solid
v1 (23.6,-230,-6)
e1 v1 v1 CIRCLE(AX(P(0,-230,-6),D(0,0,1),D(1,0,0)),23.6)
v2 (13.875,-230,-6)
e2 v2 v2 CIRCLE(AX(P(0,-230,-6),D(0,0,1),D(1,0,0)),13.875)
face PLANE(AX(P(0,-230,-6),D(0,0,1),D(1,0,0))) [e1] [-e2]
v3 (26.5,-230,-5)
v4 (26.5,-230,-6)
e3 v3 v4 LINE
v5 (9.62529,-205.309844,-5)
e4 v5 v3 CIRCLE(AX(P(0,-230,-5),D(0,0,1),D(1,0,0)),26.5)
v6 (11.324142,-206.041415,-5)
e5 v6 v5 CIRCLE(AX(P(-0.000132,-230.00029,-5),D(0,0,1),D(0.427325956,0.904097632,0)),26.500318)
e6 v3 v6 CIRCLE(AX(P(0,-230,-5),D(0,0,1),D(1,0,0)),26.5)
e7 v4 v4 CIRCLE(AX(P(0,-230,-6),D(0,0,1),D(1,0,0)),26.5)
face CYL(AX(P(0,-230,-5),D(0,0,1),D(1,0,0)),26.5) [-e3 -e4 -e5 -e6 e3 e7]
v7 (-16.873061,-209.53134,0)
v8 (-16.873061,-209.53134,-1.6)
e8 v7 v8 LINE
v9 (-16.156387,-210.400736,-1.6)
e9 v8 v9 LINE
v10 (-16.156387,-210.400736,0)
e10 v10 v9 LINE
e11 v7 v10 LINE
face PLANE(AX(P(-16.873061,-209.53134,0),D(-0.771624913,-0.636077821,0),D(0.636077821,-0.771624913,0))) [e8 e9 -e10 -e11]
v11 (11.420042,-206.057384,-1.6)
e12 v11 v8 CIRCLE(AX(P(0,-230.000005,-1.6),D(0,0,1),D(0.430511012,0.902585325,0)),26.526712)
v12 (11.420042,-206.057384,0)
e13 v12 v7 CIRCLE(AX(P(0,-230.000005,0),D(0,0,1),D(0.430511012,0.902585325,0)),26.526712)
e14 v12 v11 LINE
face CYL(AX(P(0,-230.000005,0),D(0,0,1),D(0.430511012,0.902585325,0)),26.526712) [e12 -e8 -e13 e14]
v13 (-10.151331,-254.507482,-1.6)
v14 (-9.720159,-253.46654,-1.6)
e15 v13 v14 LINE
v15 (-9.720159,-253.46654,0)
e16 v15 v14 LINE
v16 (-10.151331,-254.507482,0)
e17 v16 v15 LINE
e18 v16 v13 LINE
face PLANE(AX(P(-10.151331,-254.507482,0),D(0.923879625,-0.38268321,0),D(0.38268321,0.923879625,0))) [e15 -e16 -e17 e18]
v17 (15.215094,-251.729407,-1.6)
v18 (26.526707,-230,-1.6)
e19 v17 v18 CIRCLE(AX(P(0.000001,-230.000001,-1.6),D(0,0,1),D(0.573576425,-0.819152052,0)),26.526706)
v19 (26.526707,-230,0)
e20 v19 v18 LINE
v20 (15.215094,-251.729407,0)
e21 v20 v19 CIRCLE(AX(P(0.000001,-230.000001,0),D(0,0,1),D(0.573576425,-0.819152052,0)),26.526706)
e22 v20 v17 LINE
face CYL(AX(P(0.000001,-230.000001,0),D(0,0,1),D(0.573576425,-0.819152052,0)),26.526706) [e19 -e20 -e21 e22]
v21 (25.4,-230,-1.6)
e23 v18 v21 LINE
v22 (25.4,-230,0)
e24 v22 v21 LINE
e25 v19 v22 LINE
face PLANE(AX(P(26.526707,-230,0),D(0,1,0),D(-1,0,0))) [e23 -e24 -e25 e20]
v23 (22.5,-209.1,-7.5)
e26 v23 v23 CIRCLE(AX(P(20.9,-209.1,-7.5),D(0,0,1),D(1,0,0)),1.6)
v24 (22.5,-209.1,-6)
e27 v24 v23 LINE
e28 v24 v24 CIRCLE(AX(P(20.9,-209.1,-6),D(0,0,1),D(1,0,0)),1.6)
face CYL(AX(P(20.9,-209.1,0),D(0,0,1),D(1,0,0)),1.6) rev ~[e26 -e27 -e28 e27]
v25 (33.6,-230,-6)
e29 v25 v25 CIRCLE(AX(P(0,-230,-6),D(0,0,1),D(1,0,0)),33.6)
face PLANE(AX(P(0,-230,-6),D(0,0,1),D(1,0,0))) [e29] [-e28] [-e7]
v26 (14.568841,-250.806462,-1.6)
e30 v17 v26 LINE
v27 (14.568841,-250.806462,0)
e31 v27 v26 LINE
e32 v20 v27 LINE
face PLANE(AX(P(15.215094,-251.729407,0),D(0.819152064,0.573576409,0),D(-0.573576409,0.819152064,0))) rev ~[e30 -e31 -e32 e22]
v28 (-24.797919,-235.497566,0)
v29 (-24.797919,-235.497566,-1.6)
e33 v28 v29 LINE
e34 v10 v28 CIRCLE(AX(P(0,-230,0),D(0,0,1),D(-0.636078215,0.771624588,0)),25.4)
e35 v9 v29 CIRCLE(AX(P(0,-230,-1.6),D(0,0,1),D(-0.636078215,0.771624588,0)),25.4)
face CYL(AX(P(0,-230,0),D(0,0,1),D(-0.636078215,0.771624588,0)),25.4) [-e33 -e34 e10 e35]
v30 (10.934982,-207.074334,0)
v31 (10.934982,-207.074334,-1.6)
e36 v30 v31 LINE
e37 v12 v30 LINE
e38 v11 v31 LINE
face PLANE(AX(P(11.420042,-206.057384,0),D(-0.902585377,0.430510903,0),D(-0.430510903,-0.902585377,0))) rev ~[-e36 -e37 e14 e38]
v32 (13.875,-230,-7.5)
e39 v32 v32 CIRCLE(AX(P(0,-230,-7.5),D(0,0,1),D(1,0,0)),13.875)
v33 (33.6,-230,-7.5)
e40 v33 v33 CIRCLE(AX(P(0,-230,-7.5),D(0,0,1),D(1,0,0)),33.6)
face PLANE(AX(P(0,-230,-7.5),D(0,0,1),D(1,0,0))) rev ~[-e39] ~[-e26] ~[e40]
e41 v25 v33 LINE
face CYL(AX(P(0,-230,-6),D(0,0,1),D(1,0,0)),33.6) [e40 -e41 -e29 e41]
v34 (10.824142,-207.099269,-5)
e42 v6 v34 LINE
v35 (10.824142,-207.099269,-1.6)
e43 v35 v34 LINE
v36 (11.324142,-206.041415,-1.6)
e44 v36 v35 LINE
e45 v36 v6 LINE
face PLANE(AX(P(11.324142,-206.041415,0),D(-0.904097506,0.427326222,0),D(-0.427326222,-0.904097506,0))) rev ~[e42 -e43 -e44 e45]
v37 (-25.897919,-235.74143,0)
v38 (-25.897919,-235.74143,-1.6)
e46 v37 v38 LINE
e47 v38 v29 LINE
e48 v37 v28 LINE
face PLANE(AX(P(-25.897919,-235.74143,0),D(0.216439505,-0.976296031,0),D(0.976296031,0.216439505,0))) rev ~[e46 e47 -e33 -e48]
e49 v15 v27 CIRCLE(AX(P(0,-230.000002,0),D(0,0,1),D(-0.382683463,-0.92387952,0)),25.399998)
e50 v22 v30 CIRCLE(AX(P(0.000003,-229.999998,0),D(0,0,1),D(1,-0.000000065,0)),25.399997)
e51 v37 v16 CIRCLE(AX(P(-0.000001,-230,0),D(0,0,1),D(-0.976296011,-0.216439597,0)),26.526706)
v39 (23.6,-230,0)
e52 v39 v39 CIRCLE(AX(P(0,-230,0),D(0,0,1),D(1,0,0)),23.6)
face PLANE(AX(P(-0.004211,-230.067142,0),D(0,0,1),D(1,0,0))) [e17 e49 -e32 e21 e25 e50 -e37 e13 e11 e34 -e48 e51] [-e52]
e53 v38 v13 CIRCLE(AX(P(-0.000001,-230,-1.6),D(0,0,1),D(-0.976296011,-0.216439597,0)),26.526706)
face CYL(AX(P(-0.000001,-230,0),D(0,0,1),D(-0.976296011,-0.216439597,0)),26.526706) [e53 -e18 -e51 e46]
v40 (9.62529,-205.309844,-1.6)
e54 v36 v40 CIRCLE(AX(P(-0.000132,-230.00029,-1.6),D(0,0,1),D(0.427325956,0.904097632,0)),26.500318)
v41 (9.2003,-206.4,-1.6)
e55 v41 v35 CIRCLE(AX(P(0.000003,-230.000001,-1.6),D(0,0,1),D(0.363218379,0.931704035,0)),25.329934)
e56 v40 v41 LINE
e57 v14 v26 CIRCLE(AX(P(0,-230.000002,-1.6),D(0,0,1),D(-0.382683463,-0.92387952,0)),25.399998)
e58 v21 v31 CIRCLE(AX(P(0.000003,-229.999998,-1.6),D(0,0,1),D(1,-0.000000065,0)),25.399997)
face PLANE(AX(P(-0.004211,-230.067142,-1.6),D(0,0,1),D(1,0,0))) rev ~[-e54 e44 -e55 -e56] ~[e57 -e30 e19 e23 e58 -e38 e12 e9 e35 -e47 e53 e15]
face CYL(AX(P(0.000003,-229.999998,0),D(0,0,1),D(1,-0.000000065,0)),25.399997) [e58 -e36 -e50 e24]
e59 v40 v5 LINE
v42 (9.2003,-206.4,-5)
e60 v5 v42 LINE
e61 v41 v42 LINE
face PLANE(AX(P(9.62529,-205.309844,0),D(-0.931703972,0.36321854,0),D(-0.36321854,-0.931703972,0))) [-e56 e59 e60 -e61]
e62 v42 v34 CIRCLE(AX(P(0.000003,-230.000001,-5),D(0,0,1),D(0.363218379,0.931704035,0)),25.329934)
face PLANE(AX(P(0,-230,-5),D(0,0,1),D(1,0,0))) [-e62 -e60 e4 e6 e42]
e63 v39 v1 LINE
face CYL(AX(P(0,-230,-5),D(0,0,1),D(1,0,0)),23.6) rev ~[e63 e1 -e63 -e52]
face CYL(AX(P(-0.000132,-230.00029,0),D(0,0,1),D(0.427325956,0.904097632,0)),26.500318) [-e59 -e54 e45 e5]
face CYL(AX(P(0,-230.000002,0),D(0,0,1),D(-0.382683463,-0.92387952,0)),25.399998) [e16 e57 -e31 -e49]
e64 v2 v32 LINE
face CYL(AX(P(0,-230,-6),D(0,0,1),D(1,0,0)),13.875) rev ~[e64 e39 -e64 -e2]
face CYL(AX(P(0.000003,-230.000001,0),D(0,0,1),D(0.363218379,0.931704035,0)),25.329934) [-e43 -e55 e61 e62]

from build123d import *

# Parameters (mm, degrees)
SKETCH048_R          = 23.6
PAD003_DEPTH         = 1.6
SKETCH049_R          = 23.6
PAD004_DEPTH         = 5
SKETCH050_R          = 26.5
SKETCH050_R_2        = 23.6
PAD005_DEPTH         = 1
SKETCH051_R          = 33.6
SKETCH051_R_2        = 13.875
PAD006_DEPTH         = 1.5
SKETCH052_R          = 1.6
POCKET001_DEPTH      = 7.501
POCKET001_DEPTH_BACK = 0.001


with BuildPart() as part:
    # Sketch048 → Pad003 (new body)
    with BuildSketch(Plane.XY):
        with BuildLine():
            ThreePointArc((11.420042, 23.942616), (-3.232792, 26.328981), (-16.873061, 20.46866))
            Line((-16.873061, 20.46866), (-16.156387, 19.599264))
            ThreePointArc((-16.156387, 19.599264), (-24.016172, 8.269431), (-24.797919, -5.497566))
            Line((-25.897919, -5.74143), (-24.797919, -5.497566))
            ThreePointArc((-25.897919, -5.74143), (-20.320637, -17.051039), (-10.151331, -24.507482))
            Line((-10.151331, -24.507482), (-9.720159, -23.46654))
            ThreePointArc((-9.720159, -23.46654), (2.765219, -25.249031), (14.568841, -20.806462))
            Line((15.215094, -21.729407), (14.568841, -20.806462))
            ThreePointArc((15.215094, -21.729407), (23.529477, -12.24867), (26.526707, 0))
            Line((26.526707, 0), (25.4, 0))
            ThreePointArc((25.4, 0), (21.481487, 13.553809), (10.934982, 22.925666))
            Line((11.420042, 23.942616), (10.934982, 22.925666))
        make_face()
        Circle(SKETCH048_R, mode=Mode.SUBTRACT)
    extrude(amount=-PAD003_DEPTH)

    # Sketch049 → Pad004 (join)
    with BuildSketch(Plane.XY):
        with BuildLine():
            ThreePointArc((11.324142, 23.958585), (10.481101, 24.339197), (9.62529, 24.690156))
            Line((9.62529, 24.690156), (9.2003, 23.6))
            ThreePointArc((9.2003, 23.6), (-10.018324, -23.264538), (10.824142, 22.900731))
            Line((11.324142, 23.958585), (10.824142, 22.900731))
        make_face()
        Circle(SKETCH049_R, mode=Mode.SUBTRACT)
    extrude(amount=-PAD004_DEPTH)

    # Sketch050 (on DatumPlane) → Pad005 (join)
    with BuildSketch(Plane.XY.offset(-5)):
        Circle(SKETCH050_R)
        Circle(SKETCH050_R_2, mode=Mode.SUBTRACT)
    extrude(amount=-PAD005_DEPTH)

    # Sketch051 (on DatumPlane) → Pad006 (join)
    with BuildSketch(Plane.XY.offset(-6)):
        Circle(SKETCH051_R)
        Circle(SKETCH051_R_2, mode=Mode.SUBTRACT)
    extrude(amount=-PAD006_DEPTH)

    # Sketch052 → Pocket001 (cut, two sides)
    with BuildSketch(Plane.XY) as pocket001_sk:
        with Locations((20.9, 20.9)):
            Circle(SKETCH052_R)
    extrude(amount=-POCKET001_DEPTH, mode=Mode.SUBTRACT)
    extrude(pocket001_sk.sketch, amount=POCKET001_DEPTH_BACK, mode=Mode.SUBTRACT)


with BuildPart() as part_1:
    # Body010 placement: moved
    add(part.part.moved(Location((0, -230, 0))))


solid = part_1.part
